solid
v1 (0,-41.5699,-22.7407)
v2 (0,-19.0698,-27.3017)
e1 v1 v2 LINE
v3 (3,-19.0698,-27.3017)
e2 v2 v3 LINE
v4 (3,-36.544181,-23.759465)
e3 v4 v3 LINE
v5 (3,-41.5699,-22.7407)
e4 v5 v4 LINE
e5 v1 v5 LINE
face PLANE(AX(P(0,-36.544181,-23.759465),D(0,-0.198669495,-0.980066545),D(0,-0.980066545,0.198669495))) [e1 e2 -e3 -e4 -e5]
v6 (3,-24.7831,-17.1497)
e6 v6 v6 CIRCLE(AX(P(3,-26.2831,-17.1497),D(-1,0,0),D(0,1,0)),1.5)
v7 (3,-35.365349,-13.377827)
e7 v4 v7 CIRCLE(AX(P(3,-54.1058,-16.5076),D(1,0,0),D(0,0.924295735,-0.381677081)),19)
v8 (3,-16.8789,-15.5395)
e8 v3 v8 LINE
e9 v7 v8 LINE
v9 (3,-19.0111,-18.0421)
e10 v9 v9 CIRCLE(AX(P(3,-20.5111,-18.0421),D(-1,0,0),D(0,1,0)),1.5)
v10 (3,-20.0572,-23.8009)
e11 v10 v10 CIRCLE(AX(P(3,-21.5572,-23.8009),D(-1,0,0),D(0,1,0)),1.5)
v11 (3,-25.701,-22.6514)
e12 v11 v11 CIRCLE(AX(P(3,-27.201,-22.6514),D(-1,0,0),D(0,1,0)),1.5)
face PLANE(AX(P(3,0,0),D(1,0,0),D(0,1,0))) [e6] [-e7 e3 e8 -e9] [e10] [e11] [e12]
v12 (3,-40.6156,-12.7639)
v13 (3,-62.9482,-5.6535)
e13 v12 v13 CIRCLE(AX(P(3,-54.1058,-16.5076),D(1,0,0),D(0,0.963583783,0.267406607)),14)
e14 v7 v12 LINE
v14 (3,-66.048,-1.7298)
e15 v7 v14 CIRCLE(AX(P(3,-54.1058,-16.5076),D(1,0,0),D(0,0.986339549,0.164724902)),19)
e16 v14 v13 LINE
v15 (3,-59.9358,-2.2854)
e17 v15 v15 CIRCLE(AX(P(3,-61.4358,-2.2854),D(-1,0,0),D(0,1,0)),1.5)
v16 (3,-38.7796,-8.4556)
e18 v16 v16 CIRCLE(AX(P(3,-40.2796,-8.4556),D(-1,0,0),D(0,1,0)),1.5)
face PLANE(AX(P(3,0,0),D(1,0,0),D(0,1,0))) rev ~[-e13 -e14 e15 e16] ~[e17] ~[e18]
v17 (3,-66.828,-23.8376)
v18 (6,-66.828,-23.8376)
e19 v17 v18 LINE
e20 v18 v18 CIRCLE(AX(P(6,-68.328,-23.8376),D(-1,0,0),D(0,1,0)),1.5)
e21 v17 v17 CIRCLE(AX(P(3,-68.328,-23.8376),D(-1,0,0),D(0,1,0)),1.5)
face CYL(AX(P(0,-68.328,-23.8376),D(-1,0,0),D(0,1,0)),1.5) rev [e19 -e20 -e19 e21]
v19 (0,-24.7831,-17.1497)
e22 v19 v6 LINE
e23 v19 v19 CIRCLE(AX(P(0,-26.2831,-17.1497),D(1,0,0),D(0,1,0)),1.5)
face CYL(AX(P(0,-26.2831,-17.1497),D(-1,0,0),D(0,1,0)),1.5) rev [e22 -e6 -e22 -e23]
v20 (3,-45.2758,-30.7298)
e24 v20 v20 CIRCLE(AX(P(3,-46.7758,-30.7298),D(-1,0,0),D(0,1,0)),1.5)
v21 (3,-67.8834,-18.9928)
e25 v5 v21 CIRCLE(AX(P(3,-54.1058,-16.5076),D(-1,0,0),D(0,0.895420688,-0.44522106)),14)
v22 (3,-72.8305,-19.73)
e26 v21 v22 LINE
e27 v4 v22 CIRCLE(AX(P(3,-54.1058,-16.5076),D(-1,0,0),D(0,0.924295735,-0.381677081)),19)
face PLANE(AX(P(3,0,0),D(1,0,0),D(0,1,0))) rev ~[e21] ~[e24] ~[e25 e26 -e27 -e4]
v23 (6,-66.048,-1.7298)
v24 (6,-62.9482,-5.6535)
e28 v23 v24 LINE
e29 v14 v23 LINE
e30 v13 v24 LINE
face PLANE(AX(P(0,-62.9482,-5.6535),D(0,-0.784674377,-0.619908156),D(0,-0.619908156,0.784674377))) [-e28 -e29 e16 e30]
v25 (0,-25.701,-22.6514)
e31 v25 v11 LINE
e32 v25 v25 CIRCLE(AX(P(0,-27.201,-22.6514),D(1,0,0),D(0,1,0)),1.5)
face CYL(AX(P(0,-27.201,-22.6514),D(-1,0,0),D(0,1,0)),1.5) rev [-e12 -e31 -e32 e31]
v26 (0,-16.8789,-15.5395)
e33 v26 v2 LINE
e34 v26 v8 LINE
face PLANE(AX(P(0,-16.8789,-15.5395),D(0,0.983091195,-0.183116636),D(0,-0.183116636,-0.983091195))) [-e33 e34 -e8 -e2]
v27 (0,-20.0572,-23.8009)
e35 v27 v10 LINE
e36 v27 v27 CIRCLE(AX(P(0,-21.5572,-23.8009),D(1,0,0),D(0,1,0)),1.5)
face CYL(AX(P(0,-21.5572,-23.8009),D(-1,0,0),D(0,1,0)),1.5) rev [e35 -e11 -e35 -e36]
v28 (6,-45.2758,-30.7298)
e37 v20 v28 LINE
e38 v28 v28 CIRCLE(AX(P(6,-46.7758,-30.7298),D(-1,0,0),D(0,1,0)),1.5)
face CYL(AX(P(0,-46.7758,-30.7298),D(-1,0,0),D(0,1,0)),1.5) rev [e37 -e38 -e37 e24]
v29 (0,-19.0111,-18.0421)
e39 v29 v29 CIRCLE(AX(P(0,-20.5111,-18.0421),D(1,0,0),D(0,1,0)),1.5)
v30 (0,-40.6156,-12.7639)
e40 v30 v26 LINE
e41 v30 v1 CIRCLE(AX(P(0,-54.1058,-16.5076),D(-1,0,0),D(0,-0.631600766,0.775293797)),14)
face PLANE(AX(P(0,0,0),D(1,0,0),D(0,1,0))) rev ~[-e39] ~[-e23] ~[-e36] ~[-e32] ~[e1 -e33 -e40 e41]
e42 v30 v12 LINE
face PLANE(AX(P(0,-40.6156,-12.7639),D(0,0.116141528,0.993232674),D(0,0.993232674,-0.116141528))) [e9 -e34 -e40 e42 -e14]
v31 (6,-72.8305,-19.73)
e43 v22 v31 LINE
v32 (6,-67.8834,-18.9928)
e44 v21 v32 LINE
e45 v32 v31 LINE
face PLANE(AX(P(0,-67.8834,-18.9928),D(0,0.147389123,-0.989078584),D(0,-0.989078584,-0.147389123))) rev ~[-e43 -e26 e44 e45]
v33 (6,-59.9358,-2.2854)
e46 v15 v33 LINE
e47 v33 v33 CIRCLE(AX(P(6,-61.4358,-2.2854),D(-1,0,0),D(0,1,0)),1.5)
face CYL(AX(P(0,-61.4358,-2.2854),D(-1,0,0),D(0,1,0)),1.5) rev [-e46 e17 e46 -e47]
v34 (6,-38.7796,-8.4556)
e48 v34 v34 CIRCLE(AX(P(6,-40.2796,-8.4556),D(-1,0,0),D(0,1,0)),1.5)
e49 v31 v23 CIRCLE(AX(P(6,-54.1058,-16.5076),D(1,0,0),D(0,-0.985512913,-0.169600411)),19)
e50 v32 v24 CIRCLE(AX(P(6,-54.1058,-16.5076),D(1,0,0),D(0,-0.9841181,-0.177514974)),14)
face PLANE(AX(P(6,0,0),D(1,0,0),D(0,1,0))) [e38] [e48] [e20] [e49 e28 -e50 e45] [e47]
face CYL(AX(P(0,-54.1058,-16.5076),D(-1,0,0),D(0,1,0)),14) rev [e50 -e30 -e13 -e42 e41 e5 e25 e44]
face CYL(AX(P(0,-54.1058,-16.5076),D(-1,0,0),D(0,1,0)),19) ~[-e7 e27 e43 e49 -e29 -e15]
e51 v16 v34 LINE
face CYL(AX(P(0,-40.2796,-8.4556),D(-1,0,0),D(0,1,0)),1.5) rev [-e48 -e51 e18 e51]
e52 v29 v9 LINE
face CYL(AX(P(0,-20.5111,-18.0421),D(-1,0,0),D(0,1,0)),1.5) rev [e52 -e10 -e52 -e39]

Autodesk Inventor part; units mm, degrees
ref_plane "YZ Plane" through (0, 0, 0) normal (1, 0, 0) x (0, 1, 0)
ref_plane "XZ Plane" through (0, 0, 0) normal (0, 1, 0) x (-1, 0, 0)
ref_plane "XY Plane" through (0, 0, 0) normal (0, 0, 1) x (1, 0, 0)
sketch "Эскиз1" plane through (0, 0, 0) normal (1, 0, 0) x (0, 1, 0)
  circle A0 centre (-54.1058, -16.5076) radius 16
  circle A1 centre (-54.1058, -16.5076) radius 14
  circle A2 centre (-54.1058, -16.5076) radius 19
  line L0 (-54.1058, -16.5076) -> (-62.8101, 0.3813)
  line L1 (-54.1058, -16.5076) -> (-45.4015, -33.3965)
  line L2 (-54.1058, -16.5076) -> (-70.9947, -25.2119)
  line L3 (-54.1058, -16.5076) -> (-37.6871, -6.9458)
  line L4 (-67.8834, -18.9928) -> (-72.8305, -19.73)
  line L5 (-62.9482, -5.6535) -> (-66.048, -1.7298)
  line L6 (-40.6156, -12.7639) -> (-16.8789, -15.5395)
  line L7 (-16.8789, -15.5395) -> (-19.0698, -27.3017)
  line L8 (-19.0698, -27.3017) -> (-41.5699, -22.7407)
  line L9 (-28.383, -14.1943) -> (-30.5675, -24.971)
  line L10 (-28.383, -14.1943) -> (-19.0698, -27.3017)
  line L11 (-30.5675, -24.971) -> (-16.8789, -15.5395)
  line L12 (-23.9604, -20.4186) -> (-22.9207, -14.833)
  line L13 (-22.9207, -14.833) -> (-29.4202, -19.3112)
  line L14 (-22.9207, -14.833) -> (-17.9743, -21.4206)
  line L15 (-23.9604, -20.4186) -> (-24.9531, -26.1091)
  line L16 (-17.9743, -21.4206) -> (-24.9429, -26.0503)
  line L17 (-29.4202, -19.3112) -> (-24.9429, -26.0503)
  circle A3 centre (-61.4358, -2.2854) radius 1.5
  circle A4 centre (-68.328, -23.8376) radius 1.5
  circle A5 centre (-46.7758, -30.7298) radius 1.5
  circle A6 centre (-40.2796, -8.4556) radius 1.5
  circle A7 centre (-26.2831, -17.1497) radius 1.5
  circle A8 centre (-20.5111, -18.0421) radius 1.5
  circle A9 centre (-21.5572, -23.8009) radius 1.5
  circle A10 centre (-27.201, -22.6514) radius 1.5
  point P0 (-6.6177, -23.1834)
  point P1 (-76.739, -12.454)
  point P2 (39.1344, -10.1827)
  point P3 (-35.3653, -13.3778)
  point P4 (-36.5442, -23.7594)
  dimension "d0" = 32
  dimension "d2" = 28
  dimension "d3" = 38
  dimension "d7" = 3
  dimension "d8" = 3
  dimension "d9" = 3
  dimension "d10" = 3
  dimension "d11" = 3
  dimension "d12" = 3
  dimension "d13" = 3
  dimension "d15" = 3
extrude "Выдавливание1" add sketch "Эскиз1" along normal blind 6 contours A0 L8 A1 L6 | A0 L6 A2 L8 | L6 A1 L3 A6 A0 | A0 A6 L3 A2 L6 | L8 A2 L1 A5 A0 | A0 A5 L1 A1 L8 | L3 A1 L0 A3 A0 A6 | L3 A6 A0 A3 L0 A2 | A5 A0 A4 L2 A1 L1 | A2 L2 A4 A0 A5 L1 | A1 L5 A0 A3 L0 | L0 A3 A0 L5 A2 | A2 L4 A0 A4 L2 | L2 A4 A0 L4 A1
extrude "Выдавливание2" add sketch "Эскиз1" along normal blind 3 contours L6 L9 L8 A2 | L10 A7 L13 L9 | L6 L13 A7 L10 | L11 A10 L17 L15 L8 | L9 L17 A10 L11 | L14 A8 L11 L12 | L12 L10 A7 L13 | L6 L11 A8 L14 | L13 A7 L10 L11 A10 L17 | L15 L16 A9 L10 L8 | L7 L14 A8 L11 | L11 A8 L14 L16 A9 L10 | L15 L17 A10 L11 | L10 A9 L16 L15 | L10 A9 L16 L7
extrude "Выдавливание3" cut sketch "Эскиз1" along normal blind 3 contours L6 A1 L3 A6 A0 | A0 A6 L3 A2 L6 | L8 A2 L1 A5 A0 | A0 A5 L1 A1 L8 | L3 A1 L0 A3 A0 A6 | L3 A6 A0 A3 L0 A2 | A5 A0 A4 L2 A1 L1 | A2 L2 A4 A0 A5 L1 | A1 L5 A0 A3 L0 | L0 A3 A0 L5 A2 | A2 L4 A0 A4 L2 | L2 A4 A0 L4 A1
sketch "Эскиз3" plane through (3, 0, 0) normal (-1, 0, 0) x (0, 0, 1)
  line L0 (-32.3349, -33.8419) -> (-22.1169, -29.7797)
  line L1 (-26.451, -18.878) -> (-17.9696, -40.2117)
  line L2 (-26.8452, -44.8668) -> (-37.4977, -23.4738)
  line L3 (-34.7862, -28.919) -> (-27.4833, -31.9131)
  line L4 (-27.4833, -31.9131) -> (-24.288, -24.4799)
  line L5 (-29.5408, -26.736) -> (-24.2332, -24.4564)
  line L6 (-37.4977, -23.4738) -> (-26.451, -18.878)
  line L7 (-31.9743, -21.1759) -> (-24.288, -24.4799)
  line L8 (-34.7862, -28.919) -> (-31.9743, -21.1759)
  line L9 (-22.1169, -29.7797) -> (-37.4977, -23.4738)
  line L10 (-32.3349, -33.8419) -> (-26.451, -18.878)
  line L11 (-29.5408, -26.736) -> (-34.7862, -28.919)
  line L12 (-16.3356, -54.116) -> (-33.3178, -45.5953)
  line L13 (-16.3356, -54.116) -> (-6.9524, -37.5946)
  line L14 (-20.5901, -67.4538) -> (-22.1809, -72.1945)
  line L15 (-16.3356, -54.116) -> (-25.7187, -70.6374)
  line L16 (-16.3356, -54.116) -> (0.1858, -63.4991)
  circle A0 centre (-16.3356, -54.116) radius 14
  circle A1 centre (-16.3356, -54.116) radius 16
  circle A2 centre (-16.3356, -54.116) radius 19
  line L17 (-6.7225, -64.2939) -> (-3.4007, -68.0332)
  circle A3 centre (-24.2372, -68.0287) radius 1.5
  circle A4 centre (-2.4228, -62.0176) radius 1.5
  circle A5 centre (-8.434, -40.2032) radius 1.5
  circle A6 centre (-30.6364, -46.9407) radius 1.5
  circle A7 centre (-31.0082, -30.4679) radius 1.5
  circle A8 centre (-33.4164, -25.147) radius 1.5
  circle A9 centre (-28.0225, -22.8746) radius 1.5
  circle A10 centre (-25.8996, -28.2288) radius 1.5
  point P0 (0, 0)
  point P1 (-7.3565, -75.2836)
  point P2 (-62.9166, -3.4682)
  point P3 (41.7851, -43.7086)
  point P4 (-32.7147, -46.9037)
  point P5 (-33.8935, -57.2853)
  dimension "d22" = 32
  dimension "d23" = 28
  dimension "d24" = 38
  dimension "d25" = 3
  dimension "d26" = 3
  dimension "d27" = 3
  dimension "d28" = 3
  dimension "d29" = 3
  dimension "d30" = 3
  dimension "d31" = 3
  dimension "d32" = 3
properties part number "motor_mound"
